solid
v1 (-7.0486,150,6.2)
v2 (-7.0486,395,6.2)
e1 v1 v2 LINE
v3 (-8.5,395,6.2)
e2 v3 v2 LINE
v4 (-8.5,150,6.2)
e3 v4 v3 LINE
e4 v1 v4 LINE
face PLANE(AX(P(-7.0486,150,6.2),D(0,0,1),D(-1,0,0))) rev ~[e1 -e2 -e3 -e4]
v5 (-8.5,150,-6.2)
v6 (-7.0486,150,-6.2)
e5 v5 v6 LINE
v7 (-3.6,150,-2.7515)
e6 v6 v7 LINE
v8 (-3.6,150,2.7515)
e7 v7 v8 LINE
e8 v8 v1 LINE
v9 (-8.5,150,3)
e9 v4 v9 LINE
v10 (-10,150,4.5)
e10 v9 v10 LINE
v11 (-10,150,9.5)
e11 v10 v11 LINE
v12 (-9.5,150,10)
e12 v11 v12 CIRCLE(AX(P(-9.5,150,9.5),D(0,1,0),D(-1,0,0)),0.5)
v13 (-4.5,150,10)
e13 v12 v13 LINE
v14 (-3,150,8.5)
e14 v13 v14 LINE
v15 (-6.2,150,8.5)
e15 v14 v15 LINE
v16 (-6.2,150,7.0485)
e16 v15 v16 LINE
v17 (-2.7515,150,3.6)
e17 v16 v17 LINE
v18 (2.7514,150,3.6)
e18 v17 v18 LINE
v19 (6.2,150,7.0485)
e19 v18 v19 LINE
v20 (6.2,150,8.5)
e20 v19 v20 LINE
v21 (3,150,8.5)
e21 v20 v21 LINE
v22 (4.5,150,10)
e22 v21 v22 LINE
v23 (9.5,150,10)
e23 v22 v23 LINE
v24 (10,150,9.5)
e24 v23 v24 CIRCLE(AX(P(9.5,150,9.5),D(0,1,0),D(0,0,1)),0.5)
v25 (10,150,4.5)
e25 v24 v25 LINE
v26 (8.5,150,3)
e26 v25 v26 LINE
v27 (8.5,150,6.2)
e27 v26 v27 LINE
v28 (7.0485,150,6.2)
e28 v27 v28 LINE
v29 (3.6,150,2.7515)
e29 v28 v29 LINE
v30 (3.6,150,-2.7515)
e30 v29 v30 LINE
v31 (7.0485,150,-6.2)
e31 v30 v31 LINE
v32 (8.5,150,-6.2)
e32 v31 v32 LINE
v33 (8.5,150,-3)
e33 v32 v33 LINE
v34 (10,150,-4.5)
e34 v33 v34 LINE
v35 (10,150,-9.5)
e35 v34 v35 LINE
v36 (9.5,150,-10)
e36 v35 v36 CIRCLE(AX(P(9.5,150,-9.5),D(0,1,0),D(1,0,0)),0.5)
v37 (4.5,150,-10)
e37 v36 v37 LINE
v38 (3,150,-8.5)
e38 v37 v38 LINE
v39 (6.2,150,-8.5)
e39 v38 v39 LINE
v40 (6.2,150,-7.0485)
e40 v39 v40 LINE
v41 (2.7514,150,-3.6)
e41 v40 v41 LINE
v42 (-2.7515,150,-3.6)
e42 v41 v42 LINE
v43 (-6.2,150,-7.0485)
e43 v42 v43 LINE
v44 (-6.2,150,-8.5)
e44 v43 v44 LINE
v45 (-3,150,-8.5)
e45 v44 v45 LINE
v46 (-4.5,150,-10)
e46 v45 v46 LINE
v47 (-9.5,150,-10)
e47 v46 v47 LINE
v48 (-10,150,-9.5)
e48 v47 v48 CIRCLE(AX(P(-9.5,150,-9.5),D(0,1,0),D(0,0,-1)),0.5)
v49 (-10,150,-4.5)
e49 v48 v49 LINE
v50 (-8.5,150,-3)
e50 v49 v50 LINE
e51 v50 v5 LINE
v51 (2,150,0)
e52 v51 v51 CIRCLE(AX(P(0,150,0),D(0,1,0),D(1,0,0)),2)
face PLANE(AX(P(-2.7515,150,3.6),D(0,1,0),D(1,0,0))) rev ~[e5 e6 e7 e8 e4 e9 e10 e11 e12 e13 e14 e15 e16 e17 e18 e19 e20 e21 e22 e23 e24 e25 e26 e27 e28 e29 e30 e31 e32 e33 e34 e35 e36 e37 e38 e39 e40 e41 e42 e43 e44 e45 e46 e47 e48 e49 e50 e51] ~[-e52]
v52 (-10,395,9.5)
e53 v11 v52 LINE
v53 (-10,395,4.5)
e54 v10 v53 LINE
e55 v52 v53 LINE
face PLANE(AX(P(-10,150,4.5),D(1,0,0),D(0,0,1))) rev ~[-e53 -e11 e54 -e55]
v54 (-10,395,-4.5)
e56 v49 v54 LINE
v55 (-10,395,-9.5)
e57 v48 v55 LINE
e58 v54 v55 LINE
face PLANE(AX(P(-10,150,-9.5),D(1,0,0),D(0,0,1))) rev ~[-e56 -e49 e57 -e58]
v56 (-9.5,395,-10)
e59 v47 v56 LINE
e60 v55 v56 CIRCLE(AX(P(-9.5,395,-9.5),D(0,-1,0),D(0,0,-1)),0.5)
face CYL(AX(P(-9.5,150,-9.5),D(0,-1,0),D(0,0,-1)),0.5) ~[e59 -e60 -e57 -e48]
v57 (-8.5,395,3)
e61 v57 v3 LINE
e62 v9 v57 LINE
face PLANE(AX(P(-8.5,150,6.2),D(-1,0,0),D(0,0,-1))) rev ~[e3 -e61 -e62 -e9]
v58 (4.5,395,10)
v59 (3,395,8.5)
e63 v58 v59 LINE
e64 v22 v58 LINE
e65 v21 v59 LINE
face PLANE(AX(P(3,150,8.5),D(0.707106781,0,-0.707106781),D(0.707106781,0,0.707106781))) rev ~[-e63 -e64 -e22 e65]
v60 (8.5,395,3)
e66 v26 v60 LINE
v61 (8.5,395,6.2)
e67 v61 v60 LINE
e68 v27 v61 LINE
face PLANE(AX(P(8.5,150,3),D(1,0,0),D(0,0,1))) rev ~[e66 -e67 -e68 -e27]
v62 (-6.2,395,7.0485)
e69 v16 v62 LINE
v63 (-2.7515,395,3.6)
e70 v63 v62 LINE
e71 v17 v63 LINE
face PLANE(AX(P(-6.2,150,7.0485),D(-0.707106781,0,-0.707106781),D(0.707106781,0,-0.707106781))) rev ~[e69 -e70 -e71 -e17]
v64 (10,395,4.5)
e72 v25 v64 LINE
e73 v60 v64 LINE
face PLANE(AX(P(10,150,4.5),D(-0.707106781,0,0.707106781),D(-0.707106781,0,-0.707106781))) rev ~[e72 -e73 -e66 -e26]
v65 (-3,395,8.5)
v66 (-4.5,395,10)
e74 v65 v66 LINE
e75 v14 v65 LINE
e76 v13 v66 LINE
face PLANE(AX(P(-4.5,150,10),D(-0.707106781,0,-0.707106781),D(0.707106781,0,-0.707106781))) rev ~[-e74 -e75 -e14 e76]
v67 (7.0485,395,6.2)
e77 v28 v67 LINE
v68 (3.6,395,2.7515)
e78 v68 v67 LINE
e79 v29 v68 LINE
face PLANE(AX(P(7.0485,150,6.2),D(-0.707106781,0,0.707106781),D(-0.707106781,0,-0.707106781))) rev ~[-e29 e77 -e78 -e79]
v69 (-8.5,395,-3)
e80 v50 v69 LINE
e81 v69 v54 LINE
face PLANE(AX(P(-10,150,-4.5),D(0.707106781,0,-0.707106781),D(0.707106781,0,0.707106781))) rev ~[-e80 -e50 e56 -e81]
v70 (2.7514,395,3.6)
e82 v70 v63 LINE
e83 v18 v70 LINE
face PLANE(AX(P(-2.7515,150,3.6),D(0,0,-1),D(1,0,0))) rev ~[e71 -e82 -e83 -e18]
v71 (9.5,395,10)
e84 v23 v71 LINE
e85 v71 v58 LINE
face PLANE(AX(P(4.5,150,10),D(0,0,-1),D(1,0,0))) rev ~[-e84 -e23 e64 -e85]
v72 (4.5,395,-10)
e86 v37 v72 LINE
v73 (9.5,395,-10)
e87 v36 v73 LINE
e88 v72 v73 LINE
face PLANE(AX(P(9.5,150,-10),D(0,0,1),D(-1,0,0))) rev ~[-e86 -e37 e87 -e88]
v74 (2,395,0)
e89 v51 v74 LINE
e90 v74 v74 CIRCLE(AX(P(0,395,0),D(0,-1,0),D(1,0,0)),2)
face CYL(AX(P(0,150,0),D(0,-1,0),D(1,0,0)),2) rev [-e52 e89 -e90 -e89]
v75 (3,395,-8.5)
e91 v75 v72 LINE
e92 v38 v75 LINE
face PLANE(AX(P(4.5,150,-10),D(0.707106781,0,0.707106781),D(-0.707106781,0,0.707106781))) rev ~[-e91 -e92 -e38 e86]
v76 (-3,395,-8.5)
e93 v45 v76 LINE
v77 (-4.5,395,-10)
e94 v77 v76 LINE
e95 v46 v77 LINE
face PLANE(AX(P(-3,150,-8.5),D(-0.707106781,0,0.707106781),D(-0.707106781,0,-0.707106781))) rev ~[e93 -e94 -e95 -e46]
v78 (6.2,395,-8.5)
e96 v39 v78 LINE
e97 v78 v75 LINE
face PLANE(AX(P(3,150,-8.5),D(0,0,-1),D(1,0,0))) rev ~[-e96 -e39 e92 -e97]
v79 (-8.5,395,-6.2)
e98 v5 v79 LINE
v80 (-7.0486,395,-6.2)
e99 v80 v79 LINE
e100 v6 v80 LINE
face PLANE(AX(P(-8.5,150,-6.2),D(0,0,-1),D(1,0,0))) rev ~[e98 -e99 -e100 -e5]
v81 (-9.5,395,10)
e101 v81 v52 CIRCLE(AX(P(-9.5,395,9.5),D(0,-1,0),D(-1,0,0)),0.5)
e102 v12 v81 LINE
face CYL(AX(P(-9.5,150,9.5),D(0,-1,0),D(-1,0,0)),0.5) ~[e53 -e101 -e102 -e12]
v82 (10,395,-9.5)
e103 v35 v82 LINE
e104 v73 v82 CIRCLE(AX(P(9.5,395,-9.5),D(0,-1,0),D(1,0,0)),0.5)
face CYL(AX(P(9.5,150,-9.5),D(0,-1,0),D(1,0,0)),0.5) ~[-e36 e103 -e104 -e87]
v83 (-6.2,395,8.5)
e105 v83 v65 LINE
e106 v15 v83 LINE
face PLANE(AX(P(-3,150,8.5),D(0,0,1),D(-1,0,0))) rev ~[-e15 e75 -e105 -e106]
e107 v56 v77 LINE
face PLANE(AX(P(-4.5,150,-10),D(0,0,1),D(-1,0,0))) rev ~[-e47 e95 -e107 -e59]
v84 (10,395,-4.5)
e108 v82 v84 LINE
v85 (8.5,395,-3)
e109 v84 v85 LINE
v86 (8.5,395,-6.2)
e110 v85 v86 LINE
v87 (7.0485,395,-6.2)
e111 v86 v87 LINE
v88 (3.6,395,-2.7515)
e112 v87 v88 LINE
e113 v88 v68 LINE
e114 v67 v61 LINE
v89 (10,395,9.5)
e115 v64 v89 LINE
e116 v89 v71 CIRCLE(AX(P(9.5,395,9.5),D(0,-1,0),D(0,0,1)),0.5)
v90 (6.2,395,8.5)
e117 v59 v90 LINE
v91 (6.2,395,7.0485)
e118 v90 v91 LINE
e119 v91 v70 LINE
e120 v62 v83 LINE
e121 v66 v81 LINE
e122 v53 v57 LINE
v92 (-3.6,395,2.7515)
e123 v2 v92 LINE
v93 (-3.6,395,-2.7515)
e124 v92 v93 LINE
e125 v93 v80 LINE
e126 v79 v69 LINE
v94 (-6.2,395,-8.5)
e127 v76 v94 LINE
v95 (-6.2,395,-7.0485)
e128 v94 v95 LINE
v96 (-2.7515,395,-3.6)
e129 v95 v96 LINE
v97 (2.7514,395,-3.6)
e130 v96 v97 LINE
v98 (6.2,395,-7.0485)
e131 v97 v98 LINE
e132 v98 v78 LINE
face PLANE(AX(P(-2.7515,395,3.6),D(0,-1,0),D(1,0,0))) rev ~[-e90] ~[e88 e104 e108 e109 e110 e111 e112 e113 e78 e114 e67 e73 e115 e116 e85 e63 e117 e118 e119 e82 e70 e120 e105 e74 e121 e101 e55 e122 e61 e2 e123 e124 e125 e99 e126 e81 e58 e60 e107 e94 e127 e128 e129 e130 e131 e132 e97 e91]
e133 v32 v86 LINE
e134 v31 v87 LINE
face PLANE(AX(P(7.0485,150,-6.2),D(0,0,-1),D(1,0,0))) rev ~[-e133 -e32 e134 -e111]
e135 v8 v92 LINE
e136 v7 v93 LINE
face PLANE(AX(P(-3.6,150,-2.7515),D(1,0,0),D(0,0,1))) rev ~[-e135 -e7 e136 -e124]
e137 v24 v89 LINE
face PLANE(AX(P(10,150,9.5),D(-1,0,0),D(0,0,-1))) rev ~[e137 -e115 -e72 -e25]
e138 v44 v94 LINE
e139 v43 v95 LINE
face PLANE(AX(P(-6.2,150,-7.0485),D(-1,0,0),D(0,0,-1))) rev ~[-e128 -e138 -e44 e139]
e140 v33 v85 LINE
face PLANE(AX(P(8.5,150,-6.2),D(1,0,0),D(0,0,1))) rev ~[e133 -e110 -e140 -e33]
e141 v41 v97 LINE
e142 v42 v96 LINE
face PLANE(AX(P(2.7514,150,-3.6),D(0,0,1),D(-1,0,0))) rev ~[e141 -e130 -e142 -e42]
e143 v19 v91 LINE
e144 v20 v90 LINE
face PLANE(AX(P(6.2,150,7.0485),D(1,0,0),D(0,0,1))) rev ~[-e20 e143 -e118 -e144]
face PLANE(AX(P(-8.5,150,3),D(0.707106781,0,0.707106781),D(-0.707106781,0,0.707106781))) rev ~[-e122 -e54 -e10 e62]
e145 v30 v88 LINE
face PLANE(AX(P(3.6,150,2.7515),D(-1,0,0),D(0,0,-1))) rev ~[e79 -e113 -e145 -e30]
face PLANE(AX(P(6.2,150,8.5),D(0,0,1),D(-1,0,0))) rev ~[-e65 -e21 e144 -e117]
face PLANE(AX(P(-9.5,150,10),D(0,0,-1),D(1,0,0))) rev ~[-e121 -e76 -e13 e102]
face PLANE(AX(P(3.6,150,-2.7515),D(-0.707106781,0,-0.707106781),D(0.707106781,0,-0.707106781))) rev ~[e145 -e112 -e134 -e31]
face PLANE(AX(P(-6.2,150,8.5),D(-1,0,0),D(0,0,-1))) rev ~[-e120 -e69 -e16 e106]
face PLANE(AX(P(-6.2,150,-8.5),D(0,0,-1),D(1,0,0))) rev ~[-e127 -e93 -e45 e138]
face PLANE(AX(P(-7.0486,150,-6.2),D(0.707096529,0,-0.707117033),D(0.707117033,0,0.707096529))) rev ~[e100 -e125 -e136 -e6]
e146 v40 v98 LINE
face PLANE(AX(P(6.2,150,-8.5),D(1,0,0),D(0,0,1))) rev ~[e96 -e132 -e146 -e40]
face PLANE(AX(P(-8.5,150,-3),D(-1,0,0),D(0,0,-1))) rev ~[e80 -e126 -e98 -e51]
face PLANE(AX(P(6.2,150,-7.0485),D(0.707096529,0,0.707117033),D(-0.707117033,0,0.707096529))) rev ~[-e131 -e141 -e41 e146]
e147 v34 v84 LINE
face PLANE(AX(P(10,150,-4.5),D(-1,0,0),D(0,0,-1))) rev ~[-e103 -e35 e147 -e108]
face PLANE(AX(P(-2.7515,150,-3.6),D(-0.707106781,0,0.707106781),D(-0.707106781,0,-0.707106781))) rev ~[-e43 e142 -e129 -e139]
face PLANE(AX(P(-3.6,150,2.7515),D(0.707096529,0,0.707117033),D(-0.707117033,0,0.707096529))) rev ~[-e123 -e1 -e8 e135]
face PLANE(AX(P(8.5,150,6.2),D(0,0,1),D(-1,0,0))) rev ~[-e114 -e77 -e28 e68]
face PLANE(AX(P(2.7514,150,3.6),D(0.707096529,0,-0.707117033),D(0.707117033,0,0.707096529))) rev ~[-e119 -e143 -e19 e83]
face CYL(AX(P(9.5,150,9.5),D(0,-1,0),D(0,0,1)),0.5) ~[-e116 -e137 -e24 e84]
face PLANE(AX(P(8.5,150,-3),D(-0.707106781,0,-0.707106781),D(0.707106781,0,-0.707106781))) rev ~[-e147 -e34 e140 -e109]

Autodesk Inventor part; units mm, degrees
ref_plane "YZ Plane" through (0, 0, 0) normal (1, 0, 0) x (0, 1, 0)
ref_plane "XZ Plane" through (0, 0, 0) normal (0, 1, 0) x (-1, 0, 0)
ref_plane "Work Plane1" through (-2.7515, 150, 3.6) normal (0, 1, 0) x (1, 0, 0)
sketch "Sketch1" plane through (-2.7515, 150, 3.6) normal (0, 1, 0) x (1, 0, 0)
  arc A0 (-6.7485, 13.6) -> (-7.2485, 13.1) centre (-6.7485, 13.1) ccw projected
  line L0 (-7.2485, 13.1) -> (-7.2485, 8.1) projected
  line L1 (-7.2485, 8.1) -> (-5.7485, 6.6) projected
  line L2 (-5.7485, 6.6) -> (-5.7485, 9.8) projected
  line L3 (-5.7485, 9.8) -> (-4.2971, 9.8) projected
  line L4 (-4.2971, 9.8) -> (-0.8485, 6.3515) projected
  line L5 (-0.8485, 6.3515) -> (-0.8485, 0.8485) projected
  line L6 (-0.8485, 0.8485) -> (-4.2971, -2.6) projected
  line L7 (-4.2971, -2.6) -> (-5.7485, -2.6) projected
  line L8 (-5.7485, -2.6) -> (-5.7485, 0.6) projected
  line L9 (-5.7485, 0.6) -> (-7.2485, -0.9) projected
  line L10 (-7.2485, -0.9) -> (-7.2485, -5.9) projected
  arc A1 (-7.2485, -5.9) -> (-6.7485, -6.4) centre (-6.7485, -5.9) ccw projected
  line L11 (-6.7485, -6.4) -> (-1.7485, -6.4) projected
  line L12 (-1.7485, -6.4) -> (-0.2485, -4.9) projected
  line L13 (-0.2485, -4.9) -> (-3.4485, -4.9) projected
  line L14 (-3.4485, -4.9) -> (-3.4485, -3.4485) projected
  line L15 (-3.4485, -3.4485) -> (0, 0) projected
  line L16 (0, 0) -> (5.5029, 0) projected
  line L17 (5.5029, 0) -> (8.9515, -3.4485) projected
  line L18 (8.9515, -3.4485) -> (8.9515, -4.9) projected
  line L19 (8.9515, -4.9) -> (5.7515, -4.9) projected
  line L20 (5.7515, -4.9) -> (7.2515, -6.4) projected
  line L21 (7.2515, -6.4) -> (12.2515, -6.4) projected
  arc A2 (12.2515, -6.4) -> (12.7515, -5.9) centre (12.2515, -5.9) ccw projected
  line L22 (12.7515, -5.9) -> (12.7515, -0.9) projected
  line L23 (12.7515, -0.9) -> (11.2515, 0.6) projected
  line L24 (11.2515, 0.6) -> (11.2515, -2.6) projected
  line L25 (11.2515, -2.6) -> (9.8, -2.6) projected
  line L26 (9.8, -2.6) -> (6.3515, 0.8485) projected
  line L27 (6.3515, 0.8485) -> (6.3515, 6.3515) projected
  line L28 (6.3515, 6.3515) -> (9.8, 9.8) projected
  line L29 (9.8, 9.8) -> (11.2515, 9.8) projected
  line L30 (11.2515, 9.8) -> (11.2515, 6.6) projected
  line L31 (11.2515, 6.6) -> (12.7515, 8.1) projected
  line L32 (12.7515, 8.1) -> (12.7515, 13.1) projected
  arc A3 (12.7515, 13.1) -> (12.2515, 13.6) centre (12.2515, 13.1) ccw projected
  line L33 (12.2515, 13.6) -> (7.2515, 13.6) projected
  line L34 (7.2515, 13.6) -> (5.7515, 12.1) projected
  line L35 (5.7515, 12.1) -> (8.9515, 12.1) projected
  line L36 (8.9515, 12.1) -> (8.9515, 10.6485) projected
  line L37 (8.9515, 10.6485) -> (5.5029, 7.2) projected
  line L38 (5.5029, 7.2) -> (0, 7.2) projected
  line L39 (0, 7.2) -> (-3.4485, 10.6485) projected
  line L40 (-3.4485, 10.6485) -> (-3.4485, 12.1) projected
  line L41 (-3.4485, 12.1) -> (-0.2485, 12.1) projected
  line L42 (-0.2485, 12.1) -> (-1.7485, 13.6) projected
  line L43 (-1.7485, 13.6) -> (-6.7485, 13.6) projected
  circle A4 centre (2.7515, 3.6) radius 2 projected
extrude "Extrusion1" add sketch "Sketch1" along normal blind 1000
ref_plane "Work Plane2" through (0, 150, -9.5) normal (1, 0, 0) x (0, 0, -1)
ref_plane "Work Plane3" through (-4.5, 150, 0) normal (0, 0, 1) x (1, 0, 0)
ref_plane "Work Plane4" through (-2.7515, 1050, 3.6) normal (0, 1, 0) x (1, 0, 0)
ref_plane "Work Plane5" through (-2.7515, 250, 3.6) normal (0, -1, 0) x (1, 0, 0)
ref_plane "Work Plane6" through (-2.7515, 395, 3.6) normal (0, -1, 0) x (1, 0, 0)
sketch "Sketch2" plane through (-2.7515, 395, 3.6) normal (0, -1, 0) x (1, 0, 0)
  line L0 (-8.2636, 7.3901) -> (13.7161, 7.3901)
  line L1 (13.7161, 7.3901) -> (13.7161, -14.5025)
  line L2 (13.7161, -14.5025) -> (-8.2636, -14.5025)
  line L3 (-8.2636, -14.5025) -> (-8.2636, 7.3901)
  point P0 (2.7515, -3.6)
extrude "Extrusion2" cut sketch "Sketch2" against normal blind 1000
properties part number "20x20mmx150mm alminum profile" material "Aluminum 6061"
